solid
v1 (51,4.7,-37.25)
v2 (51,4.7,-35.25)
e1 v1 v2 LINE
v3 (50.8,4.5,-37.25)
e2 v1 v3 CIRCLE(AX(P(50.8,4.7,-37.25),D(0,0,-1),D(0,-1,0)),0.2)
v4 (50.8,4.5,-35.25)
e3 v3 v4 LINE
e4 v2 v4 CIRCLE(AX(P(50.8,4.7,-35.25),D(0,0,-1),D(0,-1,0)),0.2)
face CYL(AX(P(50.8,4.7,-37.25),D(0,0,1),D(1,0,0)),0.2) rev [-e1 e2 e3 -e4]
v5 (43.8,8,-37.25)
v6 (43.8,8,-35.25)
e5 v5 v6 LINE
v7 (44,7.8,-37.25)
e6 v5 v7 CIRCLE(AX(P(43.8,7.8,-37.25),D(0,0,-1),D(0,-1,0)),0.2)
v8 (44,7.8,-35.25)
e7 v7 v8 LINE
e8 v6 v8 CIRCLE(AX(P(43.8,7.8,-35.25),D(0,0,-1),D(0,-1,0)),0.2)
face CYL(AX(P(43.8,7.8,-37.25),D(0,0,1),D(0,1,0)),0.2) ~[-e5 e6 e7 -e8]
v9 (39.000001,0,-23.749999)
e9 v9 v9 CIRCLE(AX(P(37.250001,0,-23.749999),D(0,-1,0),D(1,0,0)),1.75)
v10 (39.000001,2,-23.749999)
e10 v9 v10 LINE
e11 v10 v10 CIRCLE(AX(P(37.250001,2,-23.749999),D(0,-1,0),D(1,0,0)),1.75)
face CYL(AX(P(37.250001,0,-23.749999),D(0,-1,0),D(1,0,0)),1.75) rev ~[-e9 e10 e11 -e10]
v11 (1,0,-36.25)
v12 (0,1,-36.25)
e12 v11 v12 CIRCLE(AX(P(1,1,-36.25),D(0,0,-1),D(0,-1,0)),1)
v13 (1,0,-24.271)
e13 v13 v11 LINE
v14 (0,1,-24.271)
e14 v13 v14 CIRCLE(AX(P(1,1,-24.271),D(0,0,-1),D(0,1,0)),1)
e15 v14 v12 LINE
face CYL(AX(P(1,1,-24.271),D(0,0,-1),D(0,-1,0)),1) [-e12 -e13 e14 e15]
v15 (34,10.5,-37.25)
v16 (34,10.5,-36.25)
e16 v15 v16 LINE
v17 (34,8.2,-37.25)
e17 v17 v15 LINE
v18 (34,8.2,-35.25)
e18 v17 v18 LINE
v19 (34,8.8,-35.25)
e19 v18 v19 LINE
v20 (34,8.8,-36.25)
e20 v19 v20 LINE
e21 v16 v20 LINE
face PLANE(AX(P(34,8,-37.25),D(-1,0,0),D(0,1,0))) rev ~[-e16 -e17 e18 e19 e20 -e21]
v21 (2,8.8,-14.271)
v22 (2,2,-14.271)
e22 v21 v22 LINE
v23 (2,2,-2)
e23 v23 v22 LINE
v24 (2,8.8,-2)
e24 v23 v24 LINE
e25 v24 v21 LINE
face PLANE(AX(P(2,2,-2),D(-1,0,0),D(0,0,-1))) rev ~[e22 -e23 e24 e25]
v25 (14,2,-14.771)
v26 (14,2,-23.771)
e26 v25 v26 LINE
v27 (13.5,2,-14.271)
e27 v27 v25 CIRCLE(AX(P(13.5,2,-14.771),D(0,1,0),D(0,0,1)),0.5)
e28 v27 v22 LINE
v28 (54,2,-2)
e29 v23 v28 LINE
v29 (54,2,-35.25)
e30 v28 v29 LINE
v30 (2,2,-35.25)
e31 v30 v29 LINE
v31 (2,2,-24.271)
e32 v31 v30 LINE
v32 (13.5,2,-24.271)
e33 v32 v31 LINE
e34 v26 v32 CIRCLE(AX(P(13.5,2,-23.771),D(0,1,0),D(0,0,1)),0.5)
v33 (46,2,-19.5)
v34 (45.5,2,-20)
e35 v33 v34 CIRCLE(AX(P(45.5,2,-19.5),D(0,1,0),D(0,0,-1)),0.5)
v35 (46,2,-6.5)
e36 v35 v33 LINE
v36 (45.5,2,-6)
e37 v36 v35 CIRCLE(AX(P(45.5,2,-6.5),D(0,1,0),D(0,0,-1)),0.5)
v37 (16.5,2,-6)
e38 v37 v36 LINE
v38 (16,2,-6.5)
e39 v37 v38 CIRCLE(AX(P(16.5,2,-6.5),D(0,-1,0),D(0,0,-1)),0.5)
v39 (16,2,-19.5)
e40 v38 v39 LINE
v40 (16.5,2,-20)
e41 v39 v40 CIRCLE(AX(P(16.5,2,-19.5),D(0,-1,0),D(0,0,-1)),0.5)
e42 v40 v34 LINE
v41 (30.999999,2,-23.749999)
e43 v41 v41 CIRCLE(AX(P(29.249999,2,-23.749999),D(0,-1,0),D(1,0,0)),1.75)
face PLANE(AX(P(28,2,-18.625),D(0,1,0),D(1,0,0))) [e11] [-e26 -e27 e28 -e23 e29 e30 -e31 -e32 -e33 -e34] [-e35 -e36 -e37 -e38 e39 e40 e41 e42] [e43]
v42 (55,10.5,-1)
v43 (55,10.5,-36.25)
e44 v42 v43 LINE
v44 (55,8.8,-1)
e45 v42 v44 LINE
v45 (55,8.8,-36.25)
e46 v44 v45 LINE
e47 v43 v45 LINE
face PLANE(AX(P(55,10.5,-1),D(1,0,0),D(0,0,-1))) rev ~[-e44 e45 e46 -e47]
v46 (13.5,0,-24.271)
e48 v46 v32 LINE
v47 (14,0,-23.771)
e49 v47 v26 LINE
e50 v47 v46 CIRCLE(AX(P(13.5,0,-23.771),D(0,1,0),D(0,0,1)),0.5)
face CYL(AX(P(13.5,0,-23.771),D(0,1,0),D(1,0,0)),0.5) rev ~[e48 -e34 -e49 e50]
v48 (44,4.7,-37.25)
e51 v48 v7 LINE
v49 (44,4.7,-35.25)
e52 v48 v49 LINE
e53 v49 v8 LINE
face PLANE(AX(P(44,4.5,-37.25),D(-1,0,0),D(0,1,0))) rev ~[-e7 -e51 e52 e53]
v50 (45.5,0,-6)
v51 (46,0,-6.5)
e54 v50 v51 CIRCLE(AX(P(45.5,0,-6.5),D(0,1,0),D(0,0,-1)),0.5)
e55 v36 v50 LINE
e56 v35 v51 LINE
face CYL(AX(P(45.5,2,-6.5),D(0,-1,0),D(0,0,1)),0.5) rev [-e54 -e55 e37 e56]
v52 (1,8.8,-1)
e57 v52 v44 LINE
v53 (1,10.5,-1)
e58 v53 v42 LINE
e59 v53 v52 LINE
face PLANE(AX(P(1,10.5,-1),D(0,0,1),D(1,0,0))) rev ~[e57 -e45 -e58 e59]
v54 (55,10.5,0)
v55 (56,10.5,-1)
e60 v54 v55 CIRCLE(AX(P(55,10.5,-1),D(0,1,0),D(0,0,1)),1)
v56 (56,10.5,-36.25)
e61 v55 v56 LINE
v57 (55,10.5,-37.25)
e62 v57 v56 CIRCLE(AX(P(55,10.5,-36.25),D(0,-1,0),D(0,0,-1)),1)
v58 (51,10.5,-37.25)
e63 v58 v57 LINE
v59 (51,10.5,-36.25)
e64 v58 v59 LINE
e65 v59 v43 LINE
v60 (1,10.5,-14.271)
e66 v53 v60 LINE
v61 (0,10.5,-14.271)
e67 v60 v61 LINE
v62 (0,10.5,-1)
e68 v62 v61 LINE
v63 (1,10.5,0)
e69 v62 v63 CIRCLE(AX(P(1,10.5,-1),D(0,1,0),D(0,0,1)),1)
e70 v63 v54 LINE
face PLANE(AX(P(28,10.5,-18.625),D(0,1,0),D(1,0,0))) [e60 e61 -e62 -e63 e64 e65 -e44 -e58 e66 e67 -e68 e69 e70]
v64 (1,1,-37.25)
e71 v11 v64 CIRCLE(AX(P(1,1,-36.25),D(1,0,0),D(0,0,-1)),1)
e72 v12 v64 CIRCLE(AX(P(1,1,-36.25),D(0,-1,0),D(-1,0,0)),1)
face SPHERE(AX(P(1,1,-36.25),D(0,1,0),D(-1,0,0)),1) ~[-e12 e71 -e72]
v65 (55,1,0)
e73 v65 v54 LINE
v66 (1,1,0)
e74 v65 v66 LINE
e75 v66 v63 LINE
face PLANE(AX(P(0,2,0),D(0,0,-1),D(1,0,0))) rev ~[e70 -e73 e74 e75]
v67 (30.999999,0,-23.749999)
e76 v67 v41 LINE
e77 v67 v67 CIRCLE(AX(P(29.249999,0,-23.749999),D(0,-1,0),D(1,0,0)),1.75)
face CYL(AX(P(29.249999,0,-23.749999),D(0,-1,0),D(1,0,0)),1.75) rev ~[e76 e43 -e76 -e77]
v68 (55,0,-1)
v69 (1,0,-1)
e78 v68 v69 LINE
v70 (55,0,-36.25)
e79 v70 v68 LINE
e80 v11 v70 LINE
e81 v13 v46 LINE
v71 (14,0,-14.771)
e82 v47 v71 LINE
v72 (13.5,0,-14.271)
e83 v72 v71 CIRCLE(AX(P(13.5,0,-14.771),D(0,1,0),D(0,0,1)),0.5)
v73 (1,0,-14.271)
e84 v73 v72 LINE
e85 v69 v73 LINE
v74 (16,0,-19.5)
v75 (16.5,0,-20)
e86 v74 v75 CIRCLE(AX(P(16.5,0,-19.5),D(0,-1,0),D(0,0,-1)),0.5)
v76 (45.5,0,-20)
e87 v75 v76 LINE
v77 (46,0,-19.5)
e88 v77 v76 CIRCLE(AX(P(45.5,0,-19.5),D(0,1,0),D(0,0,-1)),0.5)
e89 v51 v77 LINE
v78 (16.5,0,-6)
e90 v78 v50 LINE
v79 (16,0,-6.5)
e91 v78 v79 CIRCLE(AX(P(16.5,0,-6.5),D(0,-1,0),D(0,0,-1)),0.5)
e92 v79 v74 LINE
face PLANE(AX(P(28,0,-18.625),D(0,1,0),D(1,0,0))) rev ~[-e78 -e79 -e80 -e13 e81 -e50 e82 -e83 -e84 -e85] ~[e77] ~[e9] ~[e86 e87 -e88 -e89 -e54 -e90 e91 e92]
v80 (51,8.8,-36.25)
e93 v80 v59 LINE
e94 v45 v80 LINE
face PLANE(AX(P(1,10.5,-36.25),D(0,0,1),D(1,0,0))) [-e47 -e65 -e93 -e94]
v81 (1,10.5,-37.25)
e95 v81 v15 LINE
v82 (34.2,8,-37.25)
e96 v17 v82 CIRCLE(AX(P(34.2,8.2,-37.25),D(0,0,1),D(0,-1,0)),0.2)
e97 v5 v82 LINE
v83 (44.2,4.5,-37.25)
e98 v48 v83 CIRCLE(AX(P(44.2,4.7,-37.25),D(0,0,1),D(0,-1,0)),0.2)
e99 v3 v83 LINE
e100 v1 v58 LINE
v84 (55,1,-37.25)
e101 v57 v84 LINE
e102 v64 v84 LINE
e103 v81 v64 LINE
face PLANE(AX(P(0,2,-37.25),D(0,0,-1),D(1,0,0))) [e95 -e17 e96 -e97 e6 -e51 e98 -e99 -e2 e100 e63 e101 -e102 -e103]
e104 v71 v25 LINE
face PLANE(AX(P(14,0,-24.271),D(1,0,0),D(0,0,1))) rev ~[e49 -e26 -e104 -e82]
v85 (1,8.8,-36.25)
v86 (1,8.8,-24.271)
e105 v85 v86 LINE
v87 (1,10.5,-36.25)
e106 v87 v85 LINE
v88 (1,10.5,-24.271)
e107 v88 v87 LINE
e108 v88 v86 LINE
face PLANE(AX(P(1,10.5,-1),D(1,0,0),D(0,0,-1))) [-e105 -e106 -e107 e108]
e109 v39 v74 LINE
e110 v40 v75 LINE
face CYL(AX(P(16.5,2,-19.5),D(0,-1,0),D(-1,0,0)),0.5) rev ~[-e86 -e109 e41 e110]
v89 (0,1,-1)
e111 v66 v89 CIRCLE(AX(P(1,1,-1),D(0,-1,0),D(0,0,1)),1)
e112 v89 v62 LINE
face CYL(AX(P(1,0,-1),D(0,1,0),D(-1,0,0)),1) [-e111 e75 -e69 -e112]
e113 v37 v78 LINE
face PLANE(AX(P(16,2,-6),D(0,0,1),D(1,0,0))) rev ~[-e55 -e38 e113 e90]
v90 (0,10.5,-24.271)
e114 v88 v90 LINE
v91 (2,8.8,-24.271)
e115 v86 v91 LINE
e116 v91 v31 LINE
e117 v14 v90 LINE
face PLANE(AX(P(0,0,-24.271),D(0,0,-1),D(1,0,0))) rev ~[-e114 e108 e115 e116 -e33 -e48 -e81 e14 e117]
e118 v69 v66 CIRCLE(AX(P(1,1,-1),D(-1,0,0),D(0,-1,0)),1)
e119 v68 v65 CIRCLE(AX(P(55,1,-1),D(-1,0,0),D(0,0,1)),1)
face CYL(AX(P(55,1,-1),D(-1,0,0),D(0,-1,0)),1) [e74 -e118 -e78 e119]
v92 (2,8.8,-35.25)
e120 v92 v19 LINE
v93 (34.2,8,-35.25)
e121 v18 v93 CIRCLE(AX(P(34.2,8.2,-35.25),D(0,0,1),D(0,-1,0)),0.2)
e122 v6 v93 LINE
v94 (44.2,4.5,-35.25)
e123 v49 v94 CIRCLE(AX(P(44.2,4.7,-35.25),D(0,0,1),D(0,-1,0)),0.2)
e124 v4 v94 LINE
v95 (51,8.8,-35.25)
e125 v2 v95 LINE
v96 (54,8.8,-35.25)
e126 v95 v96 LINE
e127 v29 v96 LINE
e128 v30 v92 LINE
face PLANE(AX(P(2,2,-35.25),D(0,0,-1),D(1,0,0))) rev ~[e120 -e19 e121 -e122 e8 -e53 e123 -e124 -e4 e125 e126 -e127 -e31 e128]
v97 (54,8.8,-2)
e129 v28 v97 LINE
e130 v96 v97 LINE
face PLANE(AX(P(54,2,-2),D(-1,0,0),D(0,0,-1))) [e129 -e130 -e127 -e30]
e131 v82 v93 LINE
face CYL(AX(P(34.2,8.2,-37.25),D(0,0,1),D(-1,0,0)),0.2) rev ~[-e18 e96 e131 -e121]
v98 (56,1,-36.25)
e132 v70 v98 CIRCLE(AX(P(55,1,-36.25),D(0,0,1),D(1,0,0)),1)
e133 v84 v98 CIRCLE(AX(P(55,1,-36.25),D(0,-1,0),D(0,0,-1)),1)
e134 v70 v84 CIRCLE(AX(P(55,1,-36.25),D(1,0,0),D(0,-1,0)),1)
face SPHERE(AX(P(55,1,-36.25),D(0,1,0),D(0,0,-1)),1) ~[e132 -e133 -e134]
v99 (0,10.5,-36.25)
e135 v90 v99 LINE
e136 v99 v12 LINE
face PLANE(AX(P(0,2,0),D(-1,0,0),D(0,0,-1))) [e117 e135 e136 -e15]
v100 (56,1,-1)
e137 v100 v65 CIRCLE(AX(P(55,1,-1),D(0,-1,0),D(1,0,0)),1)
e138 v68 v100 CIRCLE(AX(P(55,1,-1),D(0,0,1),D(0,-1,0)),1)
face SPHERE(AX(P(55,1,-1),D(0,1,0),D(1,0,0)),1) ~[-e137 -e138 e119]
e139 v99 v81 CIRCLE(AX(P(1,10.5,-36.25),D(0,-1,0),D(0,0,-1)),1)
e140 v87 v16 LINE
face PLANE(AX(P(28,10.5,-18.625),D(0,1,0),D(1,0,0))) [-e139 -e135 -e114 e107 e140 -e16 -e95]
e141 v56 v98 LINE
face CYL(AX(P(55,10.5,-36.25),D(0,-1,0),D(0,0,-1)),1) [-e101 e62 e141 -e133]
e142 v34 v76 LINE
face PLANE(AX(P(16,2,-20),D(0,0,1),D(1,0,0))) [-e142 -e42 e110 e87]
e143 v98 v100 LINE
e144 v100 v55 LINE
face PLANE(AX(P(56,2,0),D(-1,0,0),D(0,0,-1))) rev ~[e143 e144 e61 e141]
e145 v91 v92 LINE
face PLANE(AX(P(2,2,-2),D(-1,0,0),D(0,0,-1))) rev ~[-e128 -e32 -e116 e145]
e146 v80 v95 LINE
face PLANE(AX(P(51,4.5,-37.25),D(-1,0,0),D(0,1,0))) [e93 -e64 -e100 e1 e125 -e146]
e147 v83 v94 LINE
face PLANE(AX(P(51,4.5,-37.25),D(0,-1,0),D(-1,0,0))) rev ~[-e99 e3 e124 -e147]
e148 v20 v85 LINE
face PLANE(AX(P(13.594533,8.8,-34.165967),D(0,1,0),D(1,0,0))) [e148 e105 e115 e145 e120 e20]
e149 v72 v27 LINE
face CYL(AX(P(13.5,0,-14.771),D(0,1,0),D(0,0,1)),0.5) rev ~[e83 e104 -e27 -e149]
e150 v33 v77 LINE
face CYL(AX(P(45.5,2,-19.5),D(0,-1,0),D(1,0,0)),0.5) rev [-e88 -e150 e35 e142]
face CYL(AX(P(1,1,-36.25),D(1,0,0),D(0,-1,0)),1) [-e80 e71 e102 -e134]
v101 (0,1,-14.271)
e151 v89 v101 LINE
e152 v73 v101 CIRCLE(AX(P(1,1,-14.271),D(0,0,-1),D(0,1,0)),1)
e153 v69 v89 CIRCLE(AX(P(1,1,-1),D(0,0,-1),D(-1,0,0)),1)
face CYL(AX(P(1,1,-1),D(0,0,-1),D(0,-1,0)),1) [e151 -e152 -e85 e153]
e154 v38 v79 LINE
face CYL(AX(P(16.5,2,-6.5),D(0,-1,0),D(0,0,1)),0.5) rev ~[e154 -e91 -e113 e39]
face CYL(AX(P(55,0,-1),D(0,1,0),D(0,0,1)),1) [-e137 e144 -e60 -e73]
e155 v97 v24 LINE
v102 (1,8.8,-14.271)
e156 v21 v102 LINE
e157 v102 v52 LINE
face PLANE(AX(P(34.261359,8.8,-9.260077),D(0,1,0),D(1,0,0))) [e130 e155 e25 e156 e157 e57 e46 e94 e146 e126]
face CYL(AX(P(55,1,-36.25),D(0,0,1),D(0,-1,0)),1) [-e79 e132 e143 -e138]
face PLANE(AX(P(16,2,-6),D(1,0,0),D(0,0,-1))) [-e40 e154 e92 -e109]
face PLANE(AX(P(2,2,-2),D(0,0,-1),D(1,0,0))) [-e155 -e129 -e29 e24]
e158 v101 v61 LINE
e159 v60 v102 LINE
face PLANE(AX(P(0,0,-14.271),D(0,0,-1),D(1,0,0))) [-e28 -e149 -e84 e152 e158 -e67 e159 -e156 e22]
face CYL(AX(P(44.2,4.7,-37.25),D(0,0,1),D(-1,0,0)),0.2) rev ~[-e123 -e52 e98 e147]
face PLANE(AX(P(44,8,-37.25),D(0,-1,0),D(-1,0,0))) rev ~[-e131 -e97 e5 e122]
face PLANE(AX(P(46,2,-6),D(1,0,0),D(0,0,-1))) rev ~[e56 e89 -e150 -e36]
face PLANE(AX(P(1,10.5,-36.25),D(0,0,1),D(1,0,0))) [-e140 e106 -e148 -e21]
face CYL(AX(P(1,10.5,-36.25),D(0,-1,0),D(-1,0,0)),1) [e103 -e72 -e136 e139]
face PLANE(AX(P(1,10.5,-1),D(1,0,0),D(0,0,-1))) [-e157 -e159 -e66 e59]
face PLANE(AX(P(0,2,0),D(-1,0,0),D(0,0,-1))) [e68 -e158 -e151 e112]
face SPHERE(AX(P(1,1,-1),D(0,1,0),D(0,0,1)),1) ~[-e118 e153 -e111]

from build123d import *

# Parameters (mm, degrees)
SKETCH1_W           = 56
SKETCH1_H           = 37.25
BOSS_EXTRUDE1_DEPTH = 2
SKETCH2_W           = 56
SKETCH2_H           = 37.25
SKETCH2_W_2         = 52
SKETCH2_H_2         = 33.25
BOSS_EXTRUDE2_DEPTH = 8.5
SKETCH5_W           = 54
SKETCH5_H           = 35.25
SKETCH5_W_2         = 52
SKETCH5_H_2         = 33.25
CUT_EXTRUDE1_DEPTH  = 1
FILLET1_R           = 1
SKETCH7_W           = 30
SKETCH7_H           = 14
CUT_EXTRUDE3_DEPTH  = 10
SKETCH8_R           = 1.75
CUT_EXTRUDE4_DEPTH  = 10
SKETCH9_W           = 7
SKETCH9_H           = 6
CUT_EXTRUDE5_DEPTH  = 3
SKETCH10_W          = 10
SKETCH10_H          = 2.5
CUT_EXTRUDE6_DEPTH  = 3
FILLET2_R           = 0.5
SKETCH11_W          = 14
SKETCH11_H          = 10
CUT_EXTRUDE7_DEPTH  = 11.5
FILLET3_R           = 1
FILLET4_R           = 0.5
FILLET5_R           = 0.2
CUT_EXTRUDE8_DEPTH  = 0.7


with BuildPart() as part:
    # Sketch1 → Boss-Extrude1 (new body)
    with BuildSketch(Plane(origin=(0, 0, 0), x_dir=(1, 0, 0), z_dir=(0, 1, 0))):
        with Locations((28, 18.625)):
            Rectangle(SKETCH1_W, SKETCH1_H)
    extrude(amount=BOSS_EXTRUDE1_DEPTH)

    # Sketch2 → Boss-Extrude2 (add)
    with BuildSketch(Plane(origin=(0, 2, 0), x_dir=(1, 0, 0), z_dir=(0, 1, 0))):
        with Locations((28, 18.625)):
            Rectangle(SKETCH2_W, SKETCH2_H)
        with Locations((28, 18.625)):
            Rectangle(SKETCH2_W_2, SKETCH2_H_2, mode=Mode.SUBTRACT)
    extrude(amount=BOSS_EXTRUDE2_DEPTH)

    # Sketch5 → Cut-Extrude1 (cut)
    with BuildSketch(Plane(origin=(0, 10.5, 0), x_dir=(1, 0, 0), z_dir=(0, 1, 0))):
        with Locations((28, 18.625)):
            Rectangle(SKETCH5_W, SKETCH5_H)
        with Locations((28, 18.625)):
            Rectangle(SKETCH5_W_2, SKETCH5_H_2, mode=Mode.SUBTRACT)
        with Locations((28, 18.625)):
            Rectangle(SKETCH5_W_2, SKETCH5_H_2)
    extrude(amount=-CUT_EXTRUDE1_DEPTH, mode=Mode.SUBTRACT)

    # Fillet1
    fillet1_edges = [part.edges().sort_by_distance(p)[0] for p in [
        (0, 5.25, -37.25),
        (56, 5.25, -37.25),
        (56, 5.25, 0),
        (0, 5.25, 0),
    ]]
    fillet(fillet1_edges, radius=FILLET1_R)

    # Sketch7 → Cut-Extrude3 (cut)
    with BuildSketch(Plane(origin=(0, 2, 0), x_dir=(1, 0, 0), z_dir=(0, 1, 0))):
        with Locations((31, 13)):
            Rectangle(SKETCH7_W, SKETCH7_H)
    extrude(amount=-CUT_EXTRUDE3_DEPTH, mode=Mode.SUBTRACT)

    # Sketch8 → Cut-Extrude4 (cut)
    with BuildSketch(Plane.XZ):
        with Locations((29.24999924, -23.74999914)):
            Circle(SKETCH8_R)
        with Locations((37.25000102, -23.74999914)):
            Circle(SKETCH8_R)
    extrude(amount=-CUT_EXTRUDE4_DEPTH, mode=Mode.SUBTRACT)

    # Sketch9 → Cut-Extrude5 (cut)
    with BuildSketch(Plane(origin=(0, 0, -37.25), x_dir=(-1, 0, 0), z_dir=(0, 0, -1))):
        with Locations((-47.5, 7.5)):
            Rectangle(SKETCH9_W, SKETCH9_H)
    extrude(amount=-CUT_EXTRUDE5_DEPTH, mode=Mode.SUBTRACT)

    # Sketch10 → Cut-Extrude6 (cut)
    with BuildSketch(Plane(origin=(0, 0, -37.25), x_dir=(-1, 0, 0), z_dir=(0, 0, -1))):
        with Locations((-39, 9.25)):
            Rectangle(SKETCH10_W, SKETCH10_H)
    extrude(amount=-CUT_EXTRUDE6_DEPTH, mode=Mode.SUBTRACT)

    # Fillet2
    fillet2_edges = [part.edges().sort_by_distance(p)[0] for p in [
        (16, 1, -6),
        (16, 1, -20),
        (46, 1, -20),
        (46, 1, -6),
    ]]
    fillet(fillet2_edges, radius=FILLET2_R)

    # Sketch11 → Cut-Extrude7 (cut, through all)
    with BuildSketch(Plane.XZ):
        with Locations((7, -19.2710001)):
            Rectangle(SKETCH11_W, SKETCH11_H)
    extrude(amount=-CUT_EXTRUDE7_DEPTH, mode=Mode.SUBTRACT)

    # Fillet3
    fillet3_edges = [part.edges().sort_by_distance(p)[0] for p in [
        (0, 0, -30.26050005),
        (0.292893219, 0, -0.292893219),
        (28, 0, 0),
        (55.707106781, 0, -0.292893219),
        (56, 0, -18.625),
        (55.707106781, 0, -36.957106781),
        (0.292893219, 0, -36.957106781),
        (28, 0, -37.25),
    ]]
    fillet(fillet3_edges, radius=FILLET3_R)

    # Fillet4
    fillet4_edges = [part.edges().sort_by_distance(p)[0] for p in [
        (14, 1, -24.2710001),
        (14, 1, -14.2710001),
    ]]
    fillet(fillet4_edges, radius=FILLET4_R)

    # Fillet5
    fillet5_edges = [part.edges().sort_by_distance(p)[0] for p in [
        (51, 4.5, -36.25),
        (44, 4.5, -36.25),
        (44, 8, -36.25),
        (34, 8, -36.25),
    ]]
    fillet(fillet5_edges, radius=FILLET5_R)

    # Sketch12 → Cut-Extrude8 (cut)
    with BuildSketch(Plane(origin=(0, 9.5, 0), x_dir=(1, 0, 0), z_dir=(0, 1, 0))):
        Polygon((2, 14.2710001), (1, 14.2710001), (1, 1), (55, 1), (55, 36.25), (51, 36.25), (51, 35.25), (54, 35.25), (54, 2), (2, 2), align=None)
        Polygon((1, 24.2710001), (2, 24.2710001), (2, 35.25), (34, 35.25), (34, 36.25), (1, 36.25), align=None)
    extrude(amount=-CUT_EXTRUDE8_DEPTH, mode=Mode.SUBTRACT)


solid = part.part
